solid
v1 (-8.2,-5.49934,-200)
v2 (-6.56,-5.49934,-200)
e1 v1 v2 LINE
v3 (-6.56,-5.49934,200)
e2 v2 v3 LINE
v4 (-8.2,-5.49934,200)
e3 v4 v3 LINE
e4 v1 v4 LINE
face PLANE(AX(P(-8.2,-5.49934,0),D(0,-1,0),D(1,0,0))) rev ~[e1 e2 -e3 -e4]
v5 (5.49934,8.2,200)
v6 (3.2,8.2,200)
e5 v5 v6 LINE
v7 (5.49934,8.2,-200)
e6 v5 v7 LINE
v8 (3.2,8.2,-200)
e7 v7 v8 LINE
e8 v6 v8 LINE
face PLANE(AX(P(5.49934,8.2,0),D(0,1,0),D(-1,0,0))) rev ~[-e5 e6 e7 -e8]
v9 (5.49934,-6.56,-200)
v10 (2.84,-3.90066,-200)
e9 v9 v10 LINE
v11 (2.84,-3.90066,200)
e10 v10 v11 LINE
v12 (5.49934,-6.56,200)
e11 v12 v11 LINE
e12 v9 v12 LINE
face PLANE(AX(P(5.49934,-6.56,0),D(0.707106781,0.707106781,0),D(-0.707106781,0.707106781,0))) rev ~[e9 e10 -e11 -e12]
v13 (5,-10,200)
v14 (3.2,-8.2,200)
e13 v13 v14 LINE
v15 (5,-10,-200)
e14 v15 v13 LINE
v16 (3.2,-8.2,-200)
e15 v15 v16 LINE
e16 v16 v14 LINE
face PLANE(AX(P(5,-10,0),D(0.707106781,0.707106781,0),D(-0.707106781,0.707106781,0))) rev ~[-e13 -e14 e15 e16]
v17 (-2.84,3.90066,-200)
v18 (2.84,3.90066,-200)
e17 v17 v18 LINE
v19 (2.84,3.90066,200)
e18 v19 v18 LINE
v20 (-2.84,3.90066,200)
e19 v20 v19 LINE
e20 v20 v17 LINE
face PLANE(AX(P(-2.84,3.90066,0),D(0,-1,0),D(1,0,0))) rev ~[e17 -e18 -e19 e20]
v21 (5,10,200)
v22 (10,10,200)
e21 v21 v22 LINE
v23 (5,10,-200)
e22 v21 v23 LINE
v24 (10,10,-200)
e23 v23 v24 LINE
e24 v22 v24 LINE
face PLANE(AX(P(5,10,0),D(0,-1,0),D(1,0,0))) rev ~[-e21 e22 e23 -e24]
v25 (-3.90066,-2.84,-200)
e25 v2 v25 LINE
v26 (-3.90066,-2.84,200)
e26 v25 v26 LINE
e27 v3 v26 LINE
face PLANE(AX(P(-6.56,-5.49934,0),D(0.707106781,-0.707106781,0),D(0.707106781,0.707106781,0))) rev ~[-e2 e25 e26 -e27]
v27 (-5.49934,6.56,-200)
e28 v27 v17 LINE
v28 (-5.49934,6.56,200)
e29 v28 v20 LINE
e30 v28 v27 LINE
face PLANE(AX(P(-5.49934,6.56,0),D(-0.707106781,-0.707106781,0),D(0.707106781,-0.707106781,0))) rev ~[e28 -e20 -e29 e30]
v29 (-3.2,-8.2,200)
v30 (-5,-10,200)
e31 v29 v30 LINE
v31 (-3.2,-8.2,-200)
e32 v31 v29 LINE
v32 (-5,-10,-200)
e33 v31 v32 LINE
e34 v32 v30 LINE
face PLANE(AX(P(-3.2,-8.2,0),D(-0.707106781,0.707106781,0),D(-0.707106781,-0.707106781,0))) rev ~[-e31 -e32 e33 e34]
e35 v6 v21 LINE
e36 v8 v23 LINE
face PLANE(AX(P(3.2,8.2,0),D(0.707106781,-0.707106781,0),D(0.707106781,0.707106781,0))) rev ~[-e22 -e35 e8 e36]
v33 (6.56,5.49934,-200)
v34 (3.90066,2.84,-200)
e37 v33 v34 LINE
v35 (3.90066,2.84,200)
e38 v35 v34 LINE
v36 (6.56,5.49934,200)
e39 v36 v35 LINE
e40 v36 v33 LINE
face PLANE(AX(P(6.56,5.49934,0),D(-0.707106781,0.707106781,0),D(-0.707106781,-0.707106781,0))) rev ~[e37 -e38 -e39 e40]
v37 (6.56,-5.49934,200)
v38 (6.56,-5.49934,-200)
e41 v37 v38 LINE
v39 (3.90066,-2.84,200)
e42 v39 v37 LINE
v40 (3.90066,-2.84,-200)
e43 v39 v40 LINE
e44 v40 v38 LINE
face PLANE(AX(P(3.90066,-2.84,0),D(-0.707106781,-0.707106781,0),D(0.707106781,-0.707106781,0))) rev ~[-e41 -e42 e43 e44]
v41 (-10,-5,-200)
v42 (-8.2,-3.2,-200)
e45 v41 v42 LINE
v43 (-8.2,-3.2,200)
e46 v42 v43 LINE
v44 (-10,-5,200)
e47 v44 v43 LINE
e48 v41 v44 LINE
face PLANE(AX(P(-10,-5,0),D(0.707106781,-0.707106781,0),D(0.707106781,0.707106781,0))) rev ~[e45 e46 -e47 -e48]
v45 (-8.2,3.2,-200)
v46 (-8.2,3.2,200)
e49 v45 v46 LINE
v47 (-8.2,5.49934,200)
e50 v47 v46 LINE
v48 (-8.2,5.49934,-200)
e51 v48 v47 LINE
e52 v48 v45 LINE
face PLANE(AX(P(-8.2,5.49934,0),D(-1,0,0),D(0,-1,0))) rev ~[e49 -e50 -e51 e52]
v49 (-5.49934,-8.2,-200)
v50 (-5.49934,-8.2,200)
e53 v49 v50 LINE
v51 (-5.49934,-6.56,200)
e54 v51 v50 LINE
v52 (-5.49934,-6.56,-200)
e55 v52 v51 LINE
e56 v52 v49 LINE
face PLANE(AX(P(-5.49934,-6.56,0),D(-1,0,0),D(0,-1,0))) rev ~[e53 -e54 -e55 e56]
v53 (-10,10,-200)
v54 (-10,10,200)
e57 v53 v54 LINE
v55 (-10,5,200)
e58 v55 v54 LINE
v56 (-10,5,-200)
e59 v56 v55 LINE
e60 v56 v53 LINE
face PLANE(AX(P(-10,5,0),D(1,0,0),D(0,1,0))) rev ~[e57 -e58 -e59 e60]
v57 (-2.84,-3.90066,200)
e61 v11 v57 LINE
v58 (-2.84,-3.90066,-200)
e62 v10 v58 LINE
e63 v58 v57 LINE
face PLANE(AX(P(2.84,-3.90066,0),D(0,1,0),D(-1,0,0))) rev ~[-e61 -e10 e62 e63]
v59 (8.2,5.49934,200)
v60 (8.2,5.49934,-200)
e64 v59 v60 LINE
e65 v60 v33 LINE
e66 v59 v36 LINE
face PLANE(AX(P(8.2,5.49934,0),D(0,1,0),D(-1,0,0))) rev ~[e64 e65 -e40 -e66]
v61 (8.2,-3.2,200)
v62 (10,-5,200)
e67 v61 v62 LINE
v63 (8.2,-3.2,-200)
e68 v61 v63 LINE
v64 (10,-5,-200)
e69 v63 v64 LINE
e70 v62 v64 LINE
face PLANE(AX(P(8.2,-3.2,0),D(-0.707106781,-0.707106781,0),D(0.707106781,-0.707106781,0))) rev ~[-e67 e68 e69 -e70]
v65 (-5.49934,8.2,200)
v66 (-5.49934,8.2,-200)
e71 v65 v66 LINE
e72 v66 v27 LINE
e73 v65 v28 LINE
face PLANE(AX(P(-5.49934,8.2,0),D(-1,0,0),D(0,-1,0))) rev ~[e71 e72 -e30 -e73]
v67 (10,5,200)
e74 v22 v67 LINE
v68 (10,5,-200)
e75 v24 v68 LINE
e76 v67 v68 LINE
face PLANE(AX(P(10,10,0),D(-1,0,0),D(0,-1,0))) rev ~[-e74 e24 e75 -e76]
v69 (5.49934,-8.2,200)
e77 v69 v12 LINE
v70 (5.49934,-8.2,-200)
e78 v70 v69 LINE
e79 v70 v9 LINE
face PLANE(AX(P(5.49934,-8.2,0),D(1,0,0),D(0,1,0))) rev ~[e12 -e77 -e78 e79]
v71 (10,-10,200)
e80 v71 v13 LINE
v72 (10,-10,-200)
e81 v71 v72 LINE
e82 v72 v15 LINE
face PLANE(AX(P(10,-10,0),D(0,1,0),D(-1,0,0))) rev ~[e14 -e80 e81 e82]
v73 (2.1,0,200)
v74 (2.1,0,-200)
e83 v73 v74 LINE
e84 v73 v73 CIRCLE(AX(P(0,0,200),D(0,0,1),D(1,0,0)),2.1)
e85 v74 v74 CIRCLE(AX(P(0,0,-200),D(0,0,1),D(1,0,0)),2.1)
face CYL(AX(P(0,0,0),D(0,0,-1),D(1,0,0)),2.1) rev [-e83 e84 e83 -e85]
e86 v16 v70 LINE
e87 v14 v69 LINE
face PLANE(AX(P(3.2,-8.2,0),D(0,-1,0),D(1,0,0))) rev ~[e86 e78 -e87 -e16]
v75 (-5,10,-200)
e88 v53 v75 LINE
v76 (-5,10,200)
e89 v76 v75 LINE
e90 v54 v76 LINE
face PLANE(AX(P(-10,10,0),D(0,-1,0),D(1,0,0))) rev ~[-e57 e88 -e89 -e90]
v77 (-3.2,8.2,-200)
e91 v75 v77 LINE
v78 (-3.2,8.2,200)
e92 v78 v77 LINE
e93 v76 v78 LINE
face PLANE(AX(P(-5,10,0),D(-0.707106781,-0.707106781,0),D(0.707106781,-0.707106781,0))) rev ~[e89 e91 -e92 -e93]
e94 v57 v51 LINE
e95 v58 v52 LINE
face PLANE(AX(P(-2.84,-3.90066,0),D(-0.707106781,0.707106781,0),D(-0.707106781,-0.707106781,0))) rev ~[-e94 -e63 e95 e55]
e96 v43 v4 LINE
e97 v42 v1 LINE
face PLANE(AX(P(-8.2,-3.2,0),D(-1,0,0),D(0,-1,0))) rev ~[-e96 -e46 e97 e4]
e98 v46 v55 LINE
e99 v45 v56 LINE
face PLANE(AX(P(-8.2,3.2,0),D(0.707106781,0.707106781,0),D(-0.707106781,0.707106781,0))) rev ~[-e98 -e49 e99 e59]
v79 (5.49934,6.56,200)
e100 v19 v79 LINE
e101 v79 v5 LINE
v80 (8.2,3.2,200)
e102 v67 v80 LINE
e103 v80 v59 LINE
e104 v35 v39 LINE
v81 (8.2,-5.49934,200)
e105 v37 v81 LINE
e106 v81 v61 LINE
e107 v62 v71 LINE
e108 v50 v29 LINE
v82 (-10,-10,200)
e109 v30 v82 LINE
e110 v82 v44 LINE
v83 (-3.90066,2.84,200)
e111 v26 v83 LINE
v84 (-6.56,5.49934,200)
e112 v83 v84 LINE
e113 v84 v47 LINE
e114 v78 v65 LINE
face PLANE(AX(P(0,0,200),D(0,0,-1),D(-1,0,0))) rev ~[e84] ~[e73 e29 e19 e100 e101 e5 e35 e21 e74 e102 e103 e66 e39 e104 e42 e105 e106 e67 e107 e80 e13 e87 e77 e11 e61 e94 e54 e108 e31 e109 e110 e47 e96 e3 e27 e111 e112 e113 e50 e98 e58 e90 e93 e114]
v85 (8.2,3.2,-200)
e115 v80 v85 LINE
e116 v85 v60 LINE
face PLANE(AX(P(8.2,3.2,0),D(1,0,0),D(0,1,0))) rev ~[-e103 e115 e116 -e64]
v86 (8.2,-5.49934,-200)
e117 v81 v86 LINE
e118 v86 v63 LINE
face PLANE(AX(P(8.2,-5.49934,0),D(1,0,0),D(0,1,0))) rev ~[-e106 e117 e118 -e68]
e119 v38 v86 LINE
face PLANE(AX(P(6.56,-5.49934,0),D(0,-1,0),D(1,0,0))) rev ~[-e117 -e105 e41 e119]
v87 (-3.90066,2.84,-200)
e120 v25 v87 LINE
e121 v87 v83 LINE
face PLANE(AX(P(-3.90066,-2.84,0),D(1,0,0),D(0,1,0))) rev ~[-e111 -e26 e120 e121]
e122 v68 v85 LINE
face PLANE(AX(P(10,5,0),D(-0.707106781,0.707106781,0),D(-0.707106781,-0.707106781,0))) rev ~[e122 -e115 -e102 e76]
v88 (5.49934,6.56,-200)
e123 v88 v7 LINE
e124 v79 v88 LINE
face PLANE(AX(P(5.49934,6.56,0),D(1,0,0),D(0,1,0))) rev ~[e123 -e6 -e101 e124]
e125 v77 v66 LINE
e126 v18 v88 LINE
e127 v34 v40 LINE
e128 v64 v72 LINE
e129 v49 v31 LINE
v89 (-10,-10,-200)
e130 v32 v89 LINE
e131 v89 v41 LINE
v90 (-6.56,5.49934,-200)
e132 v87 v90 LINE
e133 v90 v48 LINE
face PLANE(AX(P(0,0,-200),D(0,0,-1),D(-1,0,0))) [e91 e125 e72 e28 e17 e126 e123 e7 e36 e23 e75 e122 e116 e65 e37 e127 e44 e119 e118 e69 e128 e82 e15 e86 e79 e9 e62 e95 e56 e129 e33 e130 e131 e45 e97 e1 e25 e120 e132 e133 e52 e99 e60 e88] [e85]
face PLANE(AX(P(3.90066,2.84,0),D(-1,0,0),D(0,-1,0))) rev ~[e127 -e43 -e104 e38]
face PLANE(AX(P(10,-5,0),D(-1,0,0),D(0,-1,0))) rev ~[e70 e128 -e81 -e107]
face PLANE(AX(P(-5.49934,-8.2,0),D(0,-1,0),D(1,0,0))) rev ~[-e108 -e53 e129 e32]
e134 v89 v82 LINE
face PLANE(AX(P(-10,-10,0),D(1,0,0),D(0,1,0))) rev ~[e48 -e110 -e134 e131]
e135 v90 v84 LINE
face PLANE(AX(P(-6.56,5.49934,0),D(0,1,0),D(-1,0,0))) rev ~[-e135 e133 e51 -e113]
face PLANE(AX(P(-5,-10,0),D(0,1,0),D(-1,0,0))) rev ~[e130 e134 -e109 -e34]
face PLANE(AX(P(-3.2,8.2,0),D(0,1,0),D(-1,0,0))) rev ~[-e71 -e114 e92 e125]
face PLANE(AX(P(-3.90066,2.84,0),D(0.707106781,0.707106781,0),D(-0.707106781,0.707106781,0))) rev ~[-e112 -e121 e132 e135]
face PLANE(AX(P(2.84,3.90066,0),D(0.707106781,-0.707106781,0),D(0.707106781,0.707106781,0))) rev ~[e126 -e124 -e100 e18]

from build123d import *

# Parameters (mm, degrees)
SKETCH1_R           = 2.1
BOSS_EXTRUDE1_DEPTH = 200


with BuildPart() as part:
    # Sketch1 → Boss-Extrude1 (new body, symmetric)
    with BuildSketch(Plane.XY):
        Polygon((-10, 10), (-5, 10), (-3.2, 8.2), (-5.499339828, 8.2), (-5.499339828, 6.56), (-2.84, 3.900660172), (2.84, 3.900660172), (5.499339828, 6.56), (5.499339828, 8.2), (3.2, 8.2), (5, 10), (10, 10), (10, 5), (8.2, 3.2), (8.2, 5.499339828), (6.56, 5.499339828), (3.900660172, 2.84), (3.900660172, -2.84), (6.56, -5.499339828), (8.2, -5.499339828), (8.2, -3.2), (10, -5), (10, -10), (5, -10), (3.2, -8.2), (5.499339828, -8.2), (5.499339828, -6.56), (2.84, -3.900660172), (-2.84, -3.900660172), (-5.499339828, -6.56), (-5.499339828, -8.2), (-3.2, -8.2), (-5, -10), (-10, -10), (-10, -5), (-8.2, -3.2), (-8.2, -5.499339828), (-6.56, -5.499339828), (-3.900660172, -2.84), (-3.900660172, 2.84), (-6.56, 5.499339828), (-8.2, 5.499339828), (-8.2, 3.2), (-10, 5), align=None)
        Circle(SKETCH1_R, mode=Mode.SUBTRACT)
    extrude(amount=BOSS_EXTRUDE1_DEPTH, both=True)


solid = part.part
